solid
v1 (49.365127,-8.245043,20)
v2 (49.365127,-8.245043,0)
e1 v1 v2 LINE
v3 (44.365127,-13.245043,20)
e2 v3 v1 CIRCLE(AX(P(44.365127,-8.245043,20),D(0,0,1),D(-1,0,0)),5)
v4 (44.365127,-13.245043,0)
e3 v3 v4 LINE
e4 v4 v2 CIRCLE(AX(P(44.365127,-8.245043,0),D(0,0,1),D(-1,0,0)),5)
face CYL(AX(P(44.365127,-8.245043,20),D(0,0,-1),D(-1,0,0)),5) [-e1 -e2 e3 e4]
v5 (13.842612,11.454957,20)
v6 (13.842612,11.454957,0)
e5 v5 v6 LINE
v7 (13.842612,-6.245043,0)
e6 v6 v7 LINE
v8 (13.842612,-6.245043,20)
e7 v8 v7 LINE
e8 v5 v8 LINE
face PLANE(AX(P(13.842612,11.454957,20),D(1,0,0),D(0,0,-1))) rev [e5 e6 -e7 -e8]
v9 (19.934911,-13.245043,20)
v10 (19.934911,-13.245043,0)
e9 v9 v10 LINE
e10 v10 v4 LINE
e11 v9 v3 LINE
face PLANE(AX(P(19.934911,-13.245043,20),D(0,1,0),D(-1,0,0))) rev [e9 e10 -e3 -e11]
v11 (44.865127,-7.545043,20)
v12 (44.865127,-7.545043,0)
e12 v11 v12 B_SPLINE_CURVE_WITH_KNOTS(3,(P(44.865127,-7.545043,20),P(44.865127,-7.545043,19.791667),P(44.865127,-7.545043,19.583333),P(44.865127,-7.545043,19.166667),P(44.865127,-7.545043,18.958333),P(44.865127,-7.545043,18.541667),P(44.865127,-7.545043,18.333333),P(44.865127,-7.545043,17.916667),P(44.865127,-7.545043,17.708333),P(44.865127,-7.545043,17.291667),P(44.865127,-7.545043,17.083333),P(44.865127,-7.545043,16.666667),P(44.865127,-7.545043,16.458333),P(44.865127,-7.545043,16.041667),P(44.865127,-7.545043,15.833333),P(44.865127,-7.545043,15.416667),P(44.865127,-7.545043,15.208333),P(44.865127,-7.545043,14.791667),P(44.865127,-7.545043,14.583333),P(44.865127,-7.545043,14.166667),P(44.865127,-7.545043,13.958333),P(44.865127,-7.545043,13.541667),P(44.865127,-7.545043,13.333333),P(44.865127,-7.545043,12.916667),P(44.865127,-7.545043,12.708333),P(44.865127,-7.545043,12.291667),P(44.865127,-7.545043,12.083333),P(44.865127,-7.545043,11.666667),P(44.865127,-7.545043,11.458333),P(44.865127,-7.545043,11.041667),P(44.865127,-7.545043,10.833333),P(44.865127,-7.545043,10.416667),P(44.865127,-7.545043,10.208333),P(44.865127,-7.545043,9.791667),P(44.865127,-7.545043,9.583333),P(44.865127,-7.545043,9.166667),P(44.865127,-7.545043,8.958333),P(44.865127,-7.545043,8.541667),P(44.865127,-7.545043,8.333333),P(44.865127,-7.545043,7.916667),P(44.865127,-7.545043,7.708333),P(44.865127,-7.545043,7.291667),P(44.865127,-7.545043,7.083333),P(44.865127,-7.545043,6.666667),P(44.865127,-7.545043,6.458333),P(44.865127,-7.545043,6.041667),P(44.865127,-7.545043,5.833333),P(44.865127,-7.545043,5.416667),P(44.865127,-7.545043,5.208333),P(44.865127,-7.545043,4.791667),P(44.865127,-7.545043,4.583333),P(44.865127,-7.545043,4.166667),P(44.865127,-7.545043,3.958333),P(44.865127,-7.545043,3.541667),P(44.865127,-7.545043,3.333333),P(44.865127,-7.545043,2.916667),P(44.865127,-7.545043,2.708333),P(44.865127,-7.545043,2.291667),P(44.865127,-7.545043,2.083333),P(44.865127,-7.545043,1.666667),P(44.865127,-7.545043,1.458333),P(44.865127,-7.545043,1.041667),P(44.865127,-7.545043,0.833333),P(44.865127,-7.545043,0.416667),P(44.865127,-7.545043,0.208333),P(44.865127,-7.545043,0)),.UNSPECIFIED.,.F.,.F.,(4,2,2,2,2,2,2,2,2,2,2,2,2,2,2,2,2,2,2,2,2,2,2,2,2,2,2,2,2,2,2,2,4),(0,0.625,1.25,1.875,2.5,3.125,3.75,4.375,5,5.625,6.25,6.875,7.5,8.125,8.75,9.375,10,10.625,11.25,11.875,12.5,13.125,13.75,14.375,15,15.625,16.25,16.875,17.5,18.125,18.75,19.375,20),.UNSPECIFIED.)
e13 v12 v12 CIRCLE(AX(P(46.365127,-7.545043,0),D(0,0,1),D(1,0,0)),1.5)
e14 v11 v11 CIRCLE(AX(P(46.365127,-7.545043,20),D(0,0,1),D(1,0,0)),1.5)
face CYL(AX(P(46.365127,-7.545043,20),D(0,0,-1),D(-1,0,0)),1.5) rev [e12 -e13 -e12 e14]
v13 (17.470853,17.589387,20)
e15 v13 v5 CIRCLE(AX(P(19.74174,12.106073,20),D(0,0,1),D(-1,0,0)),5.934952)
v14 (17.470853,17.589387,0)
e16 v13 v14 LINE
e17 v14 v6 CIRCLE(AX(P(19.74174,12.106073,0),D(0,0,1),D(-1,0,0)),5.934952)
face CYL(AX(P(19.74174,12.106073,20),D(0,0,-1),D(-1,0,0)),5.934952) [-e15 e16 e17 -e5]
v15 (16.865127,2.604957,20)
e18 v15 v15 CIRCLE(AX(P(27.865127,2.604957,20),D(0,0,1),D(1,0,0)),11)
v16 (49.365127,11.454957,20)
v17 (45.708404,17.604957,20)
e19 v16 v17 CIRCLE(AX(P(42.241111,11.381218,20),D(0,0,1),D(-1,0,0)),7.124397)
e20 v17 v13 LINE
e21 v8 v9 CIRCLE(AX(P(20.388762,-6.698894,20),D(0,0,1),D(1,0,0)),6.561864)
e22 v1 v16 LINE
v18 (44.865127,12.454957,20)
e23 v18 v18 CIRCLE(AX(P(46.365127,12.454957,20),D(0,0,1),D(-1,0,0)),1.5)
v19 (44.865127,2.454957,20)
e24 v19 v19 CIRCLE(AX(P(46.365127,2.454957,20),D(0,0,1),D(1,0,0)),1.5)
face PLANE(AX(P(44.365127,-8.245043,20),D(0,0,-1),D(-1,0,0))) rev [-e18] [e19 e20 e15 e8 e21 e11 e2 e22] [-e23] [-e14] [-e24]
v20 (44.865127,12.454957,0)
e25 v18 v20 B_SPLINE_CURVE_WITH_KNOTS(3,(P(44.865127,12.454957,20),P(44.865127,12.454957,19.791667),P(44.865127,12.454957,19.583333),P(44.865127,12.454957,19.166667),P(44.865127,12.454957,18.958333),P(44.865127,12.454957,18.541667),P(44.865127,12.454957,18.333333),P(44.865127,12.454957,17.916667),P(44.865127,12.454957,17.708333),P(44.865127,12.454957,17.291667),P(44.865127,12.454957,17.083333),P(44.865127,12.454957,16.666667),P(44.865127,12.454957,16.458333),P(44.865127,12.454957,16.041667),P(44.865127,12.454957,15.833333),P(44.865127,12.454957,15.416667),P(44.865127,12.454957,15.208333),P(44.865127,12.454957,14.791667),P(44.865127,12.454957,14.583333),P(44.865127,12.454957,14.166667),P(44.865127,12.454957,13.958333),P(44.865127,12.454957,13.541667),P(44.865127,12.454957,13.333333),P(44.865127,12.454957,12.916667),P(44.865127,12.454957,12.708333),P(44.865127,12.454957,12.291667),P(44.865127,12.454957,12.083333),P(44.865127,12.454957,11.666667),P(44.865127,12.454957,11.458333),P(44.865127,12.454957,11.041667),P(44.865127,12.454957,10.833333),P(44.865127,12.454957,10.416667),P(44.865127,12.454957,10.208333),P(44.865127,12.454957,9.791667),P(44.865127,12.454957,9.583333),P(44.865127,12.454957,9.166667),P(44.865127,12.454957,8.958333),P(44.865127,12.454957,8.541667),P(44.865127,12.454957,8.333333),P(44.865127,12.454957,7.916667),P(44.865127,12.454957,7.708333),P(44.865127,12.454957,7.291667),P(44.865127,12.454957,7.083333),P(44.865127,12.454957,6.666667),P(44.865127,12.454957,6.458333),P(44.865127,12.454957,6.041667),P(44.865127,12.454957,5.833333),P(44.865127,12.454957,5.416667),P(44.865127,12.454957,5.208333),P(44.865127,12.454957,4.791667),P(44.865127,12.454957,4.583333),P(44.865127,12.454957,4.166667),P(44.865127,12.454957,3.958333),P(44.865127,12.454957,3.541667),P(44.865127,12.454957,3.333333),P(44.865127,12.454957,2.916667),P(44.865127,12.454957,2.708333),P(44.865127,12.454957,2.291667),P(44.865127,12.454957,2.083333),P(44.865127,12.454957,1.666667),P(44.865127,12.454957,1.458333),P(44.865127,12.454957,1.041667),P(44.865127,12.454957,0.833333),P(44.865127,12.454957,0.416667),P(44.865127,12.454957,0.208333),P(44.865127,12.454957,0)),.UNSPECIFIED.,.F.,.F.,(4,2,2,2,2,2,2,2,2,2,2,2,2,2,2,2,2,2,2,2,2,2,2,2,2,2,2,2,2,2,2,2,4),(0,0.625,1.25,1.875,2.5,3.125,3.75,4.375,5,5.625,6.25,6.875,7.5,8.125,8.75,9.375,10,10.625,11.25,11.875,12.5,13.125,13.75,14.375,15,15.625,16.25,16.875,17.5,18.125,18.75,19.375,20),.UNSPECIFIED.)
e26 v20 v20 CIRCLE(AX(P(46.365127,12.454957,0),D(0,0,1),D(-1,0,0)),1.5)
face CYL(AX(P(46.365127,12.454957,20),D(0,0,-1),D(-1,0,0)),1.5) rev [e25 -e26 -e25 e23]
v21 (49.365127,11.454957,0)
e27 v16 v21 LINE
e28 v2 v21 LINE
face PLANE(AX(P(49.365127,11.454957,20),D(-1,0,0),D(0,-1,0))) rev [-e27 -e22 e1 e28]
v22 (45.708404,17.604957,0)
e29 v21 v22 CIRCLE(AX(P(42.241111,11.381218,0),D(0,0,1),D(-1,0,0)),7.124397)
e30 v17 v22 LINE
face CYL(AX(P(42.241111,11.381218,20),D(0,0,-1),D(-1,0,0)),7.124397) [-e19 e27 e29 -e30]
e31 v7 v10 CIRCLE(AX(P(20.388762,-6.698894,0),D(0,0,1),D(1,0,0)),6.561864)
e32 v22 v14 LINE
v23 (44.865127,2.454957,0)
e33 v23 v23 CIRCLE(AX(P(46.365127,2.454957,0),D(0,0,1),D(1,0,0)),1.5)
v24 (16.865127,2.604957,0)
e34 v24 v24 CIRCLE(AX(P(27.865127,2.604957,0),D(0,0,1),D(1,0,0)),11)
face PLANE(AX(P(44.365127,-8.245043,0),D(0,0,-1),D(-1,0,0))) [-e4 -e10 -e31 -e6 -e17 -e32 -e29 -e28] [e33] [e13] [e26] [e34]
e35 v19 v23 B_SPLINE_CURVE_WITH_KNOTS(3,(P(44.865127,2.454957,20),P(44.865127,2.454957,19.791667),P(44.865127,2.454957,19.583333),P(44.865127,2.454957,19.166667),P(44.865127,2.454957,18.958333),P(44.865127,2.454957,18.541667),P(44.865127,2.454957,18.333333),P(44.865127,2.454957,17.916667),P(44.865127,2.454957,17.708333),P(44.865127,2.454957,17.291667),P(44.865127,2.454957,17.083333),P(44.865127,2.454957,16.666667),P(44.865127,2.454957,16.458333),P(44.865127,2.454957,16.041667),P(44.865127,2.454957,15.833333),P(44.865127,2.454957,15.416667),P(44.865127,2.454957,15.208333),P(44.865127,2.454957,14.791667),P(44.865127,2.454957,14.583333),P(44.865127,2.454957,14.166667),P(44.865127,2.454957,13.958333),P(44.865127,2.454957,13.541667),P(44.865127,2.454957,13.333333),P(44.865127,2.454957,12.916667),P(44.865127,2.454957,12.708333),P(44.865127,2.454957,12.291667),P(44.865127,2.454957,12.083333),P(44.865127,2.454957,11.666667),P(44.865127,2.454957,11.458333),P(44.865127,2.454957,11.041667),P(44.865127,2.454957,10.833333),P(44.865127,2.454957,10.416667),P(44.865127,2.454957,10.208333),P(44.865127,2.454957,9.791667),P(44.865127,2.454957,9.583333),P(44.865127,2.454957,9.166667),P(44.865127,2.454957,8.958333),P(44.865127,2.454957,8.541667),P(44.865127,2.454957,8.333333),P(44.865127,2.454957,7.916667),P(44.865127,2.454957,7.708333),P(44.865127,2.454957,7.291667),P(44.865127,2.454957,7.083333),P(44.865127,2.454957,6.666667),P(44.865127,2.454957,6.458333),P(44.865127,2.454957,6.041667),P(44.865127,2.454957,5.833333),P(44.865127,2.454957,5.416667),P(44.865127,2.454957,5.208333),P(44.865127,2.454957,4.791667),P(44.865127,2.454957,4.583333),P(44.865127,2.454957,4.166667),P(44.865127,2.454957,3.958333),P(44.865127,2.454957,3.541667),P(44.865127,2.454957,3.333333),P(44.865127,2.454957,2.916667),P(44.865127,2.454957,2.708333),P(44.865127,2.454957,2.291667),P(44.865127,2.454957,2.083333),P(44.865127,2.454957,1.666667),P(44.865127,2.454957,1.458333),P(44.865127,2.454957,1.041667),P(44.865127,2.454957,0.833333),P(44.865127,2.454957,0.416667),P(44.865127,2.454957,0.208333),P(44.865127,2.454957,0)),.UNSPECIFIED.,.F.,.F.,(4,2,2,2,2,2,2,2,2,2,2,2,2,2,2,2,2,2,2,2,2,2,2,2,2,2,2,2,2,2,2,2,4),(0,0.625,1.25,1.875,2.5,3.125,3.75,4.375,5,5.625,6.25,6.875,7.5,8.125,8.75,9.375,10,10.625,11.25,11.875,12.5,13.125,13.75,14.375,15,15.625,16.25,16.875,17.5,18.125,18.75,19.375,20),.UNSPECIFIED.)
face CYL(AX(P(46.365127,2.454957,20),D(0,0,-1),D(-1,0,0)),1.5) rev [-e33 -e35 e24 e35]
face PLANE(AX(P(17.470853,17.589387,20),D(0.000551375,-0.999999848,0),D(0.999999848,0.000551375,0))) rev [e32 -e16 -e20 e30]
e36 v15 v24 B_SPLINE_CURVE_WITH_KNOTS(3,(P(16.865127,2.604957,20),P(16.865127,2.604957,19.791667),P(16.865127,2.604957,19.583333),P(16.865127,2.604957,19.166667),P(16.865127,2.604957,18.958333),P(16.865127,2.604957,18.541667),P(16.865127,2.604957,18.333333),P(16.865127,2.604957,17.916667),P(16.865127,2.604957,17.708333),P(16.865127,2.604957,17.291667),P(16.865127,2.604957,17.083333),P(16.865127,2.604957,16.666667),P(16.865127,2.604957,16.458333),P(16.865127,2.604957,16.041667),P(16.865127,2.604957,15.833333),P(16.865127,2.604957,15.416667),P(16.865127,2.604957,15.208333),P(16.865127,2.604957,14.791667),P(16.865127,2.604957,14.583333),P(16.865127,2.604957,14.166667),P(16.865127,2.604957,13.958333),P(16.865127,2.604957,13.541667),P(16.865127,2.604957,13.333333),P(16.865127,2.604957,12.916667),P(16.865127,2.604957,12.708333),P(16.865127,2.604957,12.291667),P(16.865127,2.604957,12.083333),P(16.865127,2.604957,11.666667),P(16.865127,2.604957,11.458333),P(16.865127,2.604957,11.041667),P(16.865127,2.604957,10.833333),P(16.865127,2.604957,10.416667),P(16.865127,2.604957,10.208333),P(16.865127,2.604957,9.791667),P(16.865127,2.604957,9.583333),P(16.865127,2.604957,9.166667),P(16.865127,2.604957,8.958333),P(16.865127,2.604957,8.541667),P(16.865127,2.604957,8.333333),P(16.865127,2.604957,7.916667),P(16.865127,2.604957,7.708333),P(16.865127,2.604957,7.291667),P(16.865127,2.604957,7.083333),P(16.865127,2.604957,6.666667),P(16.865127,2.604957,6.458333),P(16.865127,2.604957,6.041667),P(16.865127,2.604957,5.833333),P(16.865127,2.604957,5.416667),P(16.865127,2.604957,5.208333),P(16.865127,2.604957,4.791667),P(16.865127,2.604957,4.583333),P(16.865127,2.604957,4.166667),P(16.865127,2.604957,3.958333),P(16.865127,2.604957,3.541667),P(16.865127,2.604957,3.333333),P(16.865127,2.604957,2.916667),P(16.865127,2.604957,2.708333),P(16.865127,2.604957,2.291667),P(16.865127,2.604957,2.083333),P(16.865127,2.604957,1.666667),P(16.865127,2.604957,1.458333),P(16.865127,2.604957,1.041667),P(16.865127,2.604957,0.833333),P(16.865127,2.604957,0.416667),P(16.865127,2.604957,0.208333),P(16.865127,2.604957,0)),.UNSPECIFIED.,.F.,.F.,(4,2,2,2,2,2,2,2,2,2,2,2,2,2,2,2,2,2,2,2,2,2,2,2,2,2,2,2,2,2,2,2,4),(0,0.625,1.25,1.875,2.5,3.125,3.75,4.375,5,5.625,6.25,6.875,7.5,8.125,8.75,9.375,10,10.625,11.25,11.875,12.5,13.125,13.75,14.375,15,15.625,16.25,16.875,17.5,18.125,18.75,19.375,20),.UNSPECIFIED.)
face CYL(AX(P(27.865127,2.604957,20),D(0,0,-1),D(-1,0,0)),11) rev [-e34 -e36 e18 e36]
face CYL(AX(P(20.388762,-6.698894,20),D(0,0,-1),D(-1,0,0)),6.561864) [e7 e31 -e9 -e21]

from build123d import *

# Parameters (mm, degrees)
CROQUIS1_R              = 11
CROQUIS1_R_2            = 1.5
SALIENTE_EXTRUIR1_DEPTH = 20


with BuildPart() as part:
    # Croquis1 → Saliente-Extruir1 (new body)
    with BuildSketch(Plane.XY):
        with BuildLine():
            Line((19.934911271, -13.245043478), (44.365127053, -13.245043478))
            ThreePointArc((44.365127053, -13.245043478), (47.900660959, -11.780577384), (49.365127053, -8.245043478))
            Line((49.365127053, -8.245043478), (49.365127053, 11.454956522))
            ThreePointArc((49.365127053, 11.454956522), (48.364801216, 15.022297578), (45.708403889, 17.604956522))
            Line((45.708403889, 17.604956522), (17.470852565, 17.589387044))
            ThreePointArc((17.470852565, 17.589387044), (14.633403866, 15.127424661), (13.842612072, 11.454956522))
            Line((13.842612072, 11.454956522), (13.842612072, -6.245043478))
            ThreePointArc((13.842612072, -6.245043478), (15.439014203, -11.006799955), (19.934911271, -13.245043478))
        make_face()
        with Locations(Location((27.865127053, 2.604956522, 0), (0, 0, 180))):
            Circle(CROQUIS1_R, mode=Mode.SUBTRACT)
        with Locations(Location((46.365127053, 2.454956522, 0), (0, 0, 180))):
            Circle(CROQUIS1_R_2, mode=Mode.SUBTRACT)
        with Locations(Location((46.365127053, 12.454956522, 0), (0, 0, 180))):
            Circle(CROQUIS1_R_2, mode=Mode.SUBTRACT)
        with Locations(Location((46.365127053, -7.545043478, 0), (0, 0, 180))):
            Circle(CROQUIS1_R_2, mode=Mode.SUBTRACT)
    extrude(amount=SALIENTE_EXTRUIR1_DEPTH)


solid = part.part
